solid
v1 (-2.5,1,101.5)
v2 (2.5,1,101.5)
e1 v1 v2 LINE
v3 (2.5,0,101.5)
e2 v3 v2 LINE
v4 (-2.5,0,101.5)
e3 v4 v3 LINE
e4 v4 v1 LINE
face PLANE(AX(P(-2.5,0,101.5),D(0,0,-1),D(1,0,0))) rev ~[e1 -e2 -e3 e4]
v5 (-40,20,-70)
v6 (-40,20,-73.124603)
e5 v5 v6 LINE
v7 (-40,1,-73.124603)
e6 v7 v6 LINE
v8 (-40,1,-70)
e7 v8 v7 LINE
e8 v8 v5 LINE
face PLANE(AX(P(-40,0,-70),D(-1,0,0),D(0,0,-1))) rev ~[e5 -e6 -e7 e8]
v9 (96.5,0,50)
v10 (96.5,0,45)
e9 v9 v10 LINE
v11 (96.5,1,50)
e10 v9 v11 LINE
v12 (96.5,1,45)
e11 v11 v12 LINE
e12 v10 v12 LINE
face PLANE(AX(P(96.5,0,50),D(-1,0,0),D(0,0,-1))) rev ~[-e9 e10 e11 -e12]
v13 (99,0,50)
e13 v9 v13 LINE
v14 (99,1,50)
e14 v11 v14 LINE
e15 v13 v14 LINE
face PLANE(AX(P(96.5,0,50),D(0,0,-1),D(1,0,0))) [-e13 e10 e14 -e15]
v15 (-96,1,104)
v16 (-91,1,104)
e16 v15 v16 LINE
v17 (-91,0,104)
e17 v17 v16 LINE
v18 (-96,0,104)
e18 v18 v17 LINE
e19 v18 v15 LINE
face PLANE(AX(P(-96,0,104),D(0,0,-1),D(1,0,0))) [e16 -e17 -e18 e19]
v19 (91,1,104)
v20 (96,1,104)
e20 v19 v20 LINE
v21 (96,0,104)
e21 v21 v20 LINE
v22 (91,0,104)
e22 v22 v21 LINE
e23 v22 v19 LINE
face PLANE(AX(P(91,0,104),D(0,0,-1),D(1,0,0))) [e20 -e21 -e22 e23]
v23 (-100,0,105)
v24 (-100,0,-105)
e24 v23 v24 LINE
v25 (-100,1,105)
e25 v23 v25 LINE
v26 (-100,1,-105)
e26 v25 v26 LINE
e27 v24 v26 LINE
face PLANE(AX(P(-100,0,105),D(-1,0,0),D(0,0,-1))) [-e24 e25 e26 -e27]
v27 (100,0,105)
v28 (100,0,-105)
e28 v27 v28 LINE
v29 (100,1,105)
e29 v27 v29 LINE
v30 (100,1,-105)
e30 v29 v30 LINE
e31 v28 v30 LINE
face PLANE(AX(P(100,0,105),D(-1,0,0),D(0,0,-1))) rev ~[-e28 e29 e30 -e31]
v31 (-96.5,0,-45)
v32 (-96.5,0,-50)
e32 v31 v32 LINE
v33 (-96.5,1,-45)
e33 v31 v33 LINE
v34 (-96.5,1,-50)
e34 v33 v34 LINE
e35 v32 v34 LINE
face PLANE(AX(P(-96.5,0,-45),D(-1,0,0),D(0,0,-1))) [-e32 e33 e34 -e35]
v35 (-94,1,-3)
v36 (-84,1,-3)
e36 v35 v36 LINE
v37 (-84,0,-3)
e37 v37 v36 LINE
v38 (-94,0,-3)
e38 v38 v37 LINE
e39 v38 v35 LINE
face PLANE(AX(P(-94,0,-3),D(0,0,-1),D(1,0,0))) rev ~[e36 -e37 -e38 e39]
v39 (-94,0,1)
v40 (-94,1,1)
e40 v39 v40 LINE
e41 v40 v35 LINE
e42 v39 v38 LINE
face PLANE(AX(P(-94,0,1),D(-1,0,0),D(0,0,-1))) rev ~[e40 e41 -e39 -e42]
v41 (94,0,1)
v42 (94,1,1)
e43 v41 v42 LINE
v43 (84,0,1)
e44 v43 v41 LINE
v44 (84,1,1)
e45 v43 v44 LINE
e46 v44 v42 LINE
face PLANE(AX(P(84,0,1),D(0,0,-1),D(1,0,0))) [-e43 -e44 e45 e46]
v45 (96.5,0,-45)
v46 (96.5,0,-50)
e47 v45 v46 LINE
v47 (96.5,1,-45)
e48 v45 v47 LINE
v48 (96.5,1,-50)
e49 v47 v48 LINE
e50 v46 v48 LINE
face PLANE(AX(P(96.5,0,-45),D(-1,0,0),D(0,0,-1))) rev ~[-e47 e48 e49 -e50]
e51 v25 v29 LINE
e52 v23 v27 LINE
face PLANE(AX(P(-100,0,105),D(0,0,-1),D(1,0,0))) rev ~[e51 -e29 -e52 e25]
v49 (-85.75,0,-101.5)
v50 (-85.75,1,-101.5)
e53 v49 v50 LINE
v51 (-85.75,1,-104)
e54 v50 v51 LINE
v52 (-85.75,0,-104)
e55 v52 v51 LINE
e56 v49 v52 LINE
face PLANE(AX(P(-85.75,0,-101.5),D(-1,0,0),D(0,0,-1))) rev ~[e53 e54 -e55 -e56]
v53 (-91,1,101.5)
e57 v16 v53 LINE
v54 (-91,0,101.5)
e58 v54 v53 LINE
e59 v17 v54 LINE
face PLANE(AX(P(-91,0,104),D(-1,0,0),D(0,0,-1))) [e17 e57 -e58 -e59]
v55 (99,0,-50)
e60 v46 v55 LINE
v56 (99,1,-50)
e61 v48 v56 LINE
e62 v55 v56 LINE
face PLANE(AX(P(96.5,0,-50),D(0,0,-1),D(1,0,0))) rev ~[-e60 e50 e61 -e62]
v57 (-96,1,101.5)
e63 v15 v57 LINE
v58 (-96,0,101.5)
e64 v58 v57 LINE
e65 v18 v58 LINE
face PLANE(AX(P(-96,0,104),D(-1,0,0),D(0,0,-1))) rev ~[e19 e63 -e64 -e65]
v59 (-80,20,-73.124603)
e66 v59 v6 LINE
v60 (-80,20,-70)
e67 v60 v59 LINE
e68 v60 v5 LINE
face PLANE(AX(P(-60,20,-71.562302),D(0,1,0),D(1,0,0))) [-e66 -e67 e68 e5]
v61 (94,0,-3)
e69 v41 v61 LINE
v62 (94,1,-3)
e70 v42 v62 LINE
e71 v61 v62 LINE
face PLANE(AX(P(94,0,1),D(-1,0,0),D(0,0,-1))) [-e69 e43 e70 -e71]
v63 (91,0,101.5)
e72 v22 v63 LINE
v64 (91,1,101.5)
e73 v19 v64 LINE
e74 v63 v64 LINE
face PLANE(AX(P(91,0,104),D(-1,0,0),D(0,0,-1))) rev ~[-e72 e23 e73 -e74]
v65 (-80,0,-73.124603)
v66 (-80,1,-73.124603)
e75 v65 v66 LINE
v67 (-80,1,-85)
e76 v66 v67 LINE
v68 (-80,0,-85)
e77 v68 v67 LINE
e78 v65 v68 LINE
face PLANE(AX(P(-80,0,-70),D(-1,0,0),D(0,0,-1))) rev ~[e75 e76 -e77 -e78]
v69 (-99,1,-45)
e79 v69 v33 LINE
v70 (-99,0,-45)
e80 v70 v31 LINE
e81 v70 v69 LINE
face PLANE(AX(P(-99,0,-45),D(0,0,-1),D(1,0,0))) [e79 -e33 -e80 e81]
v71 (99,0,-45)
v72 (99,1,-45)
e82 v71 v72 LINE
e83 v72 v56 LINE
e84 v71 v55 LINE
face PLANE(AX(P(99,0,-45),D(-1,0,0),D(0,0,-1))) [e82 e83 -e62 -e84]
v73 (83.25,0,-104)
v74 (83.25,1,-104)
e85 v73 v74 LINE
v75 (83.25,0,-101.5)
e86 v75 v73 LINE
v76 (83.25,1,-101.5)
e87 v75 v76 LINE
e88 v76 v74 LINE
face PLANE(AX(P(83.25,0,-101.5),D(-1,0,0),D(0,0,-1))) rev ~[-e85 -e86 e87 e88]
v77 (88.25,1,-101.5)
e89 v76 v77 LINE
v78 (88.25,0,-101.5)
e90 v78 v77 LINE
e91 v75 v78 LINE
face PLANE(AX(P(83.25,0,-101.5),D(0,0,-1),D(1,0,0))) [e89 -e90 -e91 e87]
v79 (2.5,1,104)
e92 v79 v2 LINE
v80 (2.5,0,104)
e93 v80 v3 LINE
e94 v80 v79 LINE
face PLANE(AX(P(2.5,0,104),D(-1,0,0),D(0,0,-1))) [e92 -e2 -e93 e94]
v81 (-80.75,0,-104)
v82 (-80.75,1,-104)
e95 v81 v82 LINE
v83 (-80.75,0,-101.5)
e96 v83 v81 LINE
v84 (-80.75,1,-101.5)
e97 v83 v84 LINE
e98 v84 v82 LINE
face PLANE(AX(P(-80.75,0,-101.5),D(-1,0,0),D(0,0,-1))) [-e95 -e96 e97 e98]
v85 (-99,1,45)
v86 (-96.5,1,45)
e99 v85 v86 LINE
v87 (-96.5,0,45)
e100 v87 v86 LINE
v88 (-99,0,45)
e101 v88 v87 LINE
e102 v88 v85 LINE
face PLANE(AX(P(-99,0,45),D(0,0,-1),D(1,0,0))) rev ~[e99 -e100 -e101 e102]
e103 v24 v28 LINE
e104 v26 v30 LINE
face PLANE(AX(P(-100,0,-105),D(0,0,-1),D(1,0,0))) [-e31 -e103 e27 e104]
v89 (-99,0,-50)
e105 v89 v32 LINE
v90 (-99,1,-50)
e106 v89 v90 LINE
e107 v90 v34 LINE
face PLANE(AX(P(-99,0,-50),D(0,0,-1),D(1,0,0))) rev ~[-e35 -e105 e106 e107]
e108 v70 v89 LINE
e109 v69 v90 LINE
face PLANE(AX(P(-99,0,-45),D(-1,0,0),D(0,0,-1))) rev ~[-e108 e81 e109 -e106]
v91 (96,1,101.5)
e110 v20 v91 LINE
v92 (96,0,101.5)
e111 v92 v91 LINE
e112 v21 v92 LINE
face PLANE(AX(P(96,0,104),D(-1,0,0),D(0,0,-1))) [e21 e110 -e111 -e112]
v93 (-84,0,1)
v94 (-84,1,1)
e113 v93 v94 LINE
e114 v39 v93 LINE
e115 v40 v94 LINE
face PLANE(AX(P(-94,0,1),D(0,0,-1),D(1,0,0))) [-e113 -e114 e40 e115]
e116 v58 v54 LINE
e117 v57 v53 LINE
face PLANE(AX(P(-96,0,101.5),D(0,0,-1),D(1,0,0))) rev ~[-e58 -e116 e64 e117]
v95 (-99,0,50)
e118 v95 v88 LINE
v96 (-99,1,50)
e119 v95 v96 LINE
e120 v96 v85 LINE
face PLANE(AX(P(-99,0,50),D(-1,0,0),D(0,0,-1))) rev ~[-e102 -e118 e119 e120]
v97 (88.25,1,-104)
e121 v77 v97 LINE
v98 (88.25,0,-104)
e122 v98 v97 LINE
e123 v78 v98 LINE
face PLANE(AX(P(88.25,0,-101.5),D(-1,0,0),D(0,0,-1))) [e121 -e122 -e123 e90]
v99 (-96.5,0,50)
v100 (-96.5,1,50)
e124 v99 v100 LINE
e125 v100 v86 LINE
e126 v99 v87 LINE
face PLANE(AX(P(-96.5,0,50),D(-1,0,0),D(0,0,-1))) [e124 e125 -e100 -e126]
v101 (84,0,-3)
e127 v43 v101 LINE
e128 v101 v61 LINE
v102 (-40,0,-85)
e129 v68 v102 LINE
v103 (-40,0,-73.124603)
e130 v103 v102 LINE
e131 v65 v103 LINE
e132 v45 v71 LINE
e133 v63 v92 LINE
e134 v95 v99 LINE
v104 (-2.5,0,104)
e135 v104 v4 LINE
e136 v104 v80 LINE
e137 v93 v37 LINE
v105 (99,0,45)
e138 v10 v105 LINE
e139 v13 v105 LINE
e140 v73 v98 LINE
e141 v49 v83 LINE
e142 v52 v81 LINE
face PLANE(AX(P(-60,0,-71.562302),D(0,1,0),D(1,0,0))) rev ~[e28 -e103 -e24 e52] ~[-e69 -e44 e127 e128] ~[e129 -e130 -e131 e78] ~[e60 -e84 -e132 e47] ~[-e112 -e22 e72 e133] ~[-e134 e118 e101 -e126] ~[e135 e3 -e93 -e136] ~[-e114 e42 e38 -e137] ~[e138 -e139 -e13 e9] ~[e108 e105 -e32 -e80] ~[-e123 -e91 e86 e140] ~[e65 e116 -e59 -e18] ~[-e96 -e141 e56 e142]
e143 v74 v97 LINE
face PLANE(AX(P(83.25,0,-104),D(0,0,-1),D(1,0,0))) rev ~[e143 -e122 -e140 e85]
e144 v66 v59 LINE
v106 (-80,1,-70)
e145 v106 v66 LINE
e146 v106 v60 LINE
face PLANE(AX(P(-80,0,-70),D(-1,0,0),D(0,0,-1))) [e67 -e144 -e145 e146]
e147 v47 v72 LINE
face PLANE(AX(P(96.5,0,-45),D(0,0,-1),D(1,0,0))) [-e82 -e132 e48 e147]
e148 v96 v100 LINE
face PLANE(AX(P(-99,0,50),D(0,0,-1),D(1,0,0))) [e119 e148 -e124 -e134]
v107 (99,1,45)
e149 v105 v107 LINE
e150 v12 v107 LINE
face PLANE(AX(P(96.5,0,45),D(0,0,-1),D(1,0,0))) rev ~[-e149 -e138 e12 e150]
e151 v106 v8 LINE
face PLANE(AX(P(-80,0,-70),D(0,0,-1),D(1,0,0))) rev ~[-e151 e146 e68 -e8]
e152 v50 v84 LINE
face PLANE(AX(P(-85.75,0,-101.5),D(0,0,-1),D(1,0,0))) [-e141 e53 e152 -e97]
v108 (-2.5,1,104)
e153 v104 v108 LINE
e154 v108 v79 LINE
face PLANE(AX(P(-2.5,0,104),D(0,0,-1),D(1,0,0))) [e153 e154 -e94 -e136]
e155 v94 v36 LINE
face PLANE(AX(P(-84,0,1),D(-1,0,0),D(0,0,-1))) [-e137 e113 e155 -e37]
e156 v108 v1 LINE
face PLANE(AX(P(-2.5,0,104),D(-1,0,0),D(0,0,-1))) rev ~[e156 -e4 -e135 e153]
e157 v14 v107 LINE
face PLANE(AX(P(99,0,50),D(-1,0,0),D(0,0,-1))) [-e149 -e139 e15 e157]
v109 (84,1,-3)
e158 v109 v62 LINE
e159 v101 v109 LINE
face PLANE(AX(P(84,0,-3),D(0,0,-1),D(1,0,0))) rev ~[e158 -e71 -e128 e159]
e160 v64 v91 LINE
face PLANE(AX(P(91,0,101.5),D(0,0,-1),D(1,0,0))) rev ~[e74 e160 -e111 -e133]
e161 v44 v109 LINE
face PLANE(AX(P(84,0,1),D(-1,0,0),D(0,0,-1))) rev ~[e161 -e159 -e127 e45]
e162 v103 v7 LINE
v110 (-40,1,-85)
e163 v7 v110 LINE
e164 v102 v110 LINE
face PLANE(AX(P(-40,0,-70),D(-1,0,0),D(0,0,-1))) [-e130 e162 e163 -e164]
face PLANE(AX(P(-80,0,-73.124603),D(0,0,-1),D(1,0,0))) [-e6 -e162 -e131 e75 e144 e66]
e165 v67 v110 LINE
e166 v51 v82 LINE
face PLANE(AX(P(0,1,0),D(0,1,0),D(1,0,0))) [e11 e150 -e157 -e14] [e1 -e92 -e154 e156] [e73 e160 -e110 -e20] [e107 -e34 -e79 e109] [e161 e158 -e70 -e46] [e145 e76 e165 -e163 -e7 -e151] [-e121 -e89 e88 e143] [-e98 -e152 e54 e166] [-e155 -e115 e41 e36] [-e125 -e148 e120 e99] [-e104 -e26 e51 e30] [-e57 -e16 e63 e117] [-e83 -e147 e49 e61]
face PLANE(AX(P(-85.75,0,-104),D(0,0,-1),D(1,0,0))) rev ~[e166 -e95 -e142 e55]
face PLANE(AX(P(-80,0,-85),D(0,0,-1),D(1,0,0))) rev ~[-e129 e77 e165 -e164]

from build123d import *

# Parameters (mm, degrees)
SKETCH1_W           = 200
SKETCH1_H           = 210
SKETCH1_W_2         = 5
SKETCH1_H_2         = 2.5
SKETCH1_W_3         = 2.5
SKETCH1_H_3         = 5
SKETCH1_W_4         = 10
SKETCH1_H_4         = 4
MAINBODY_DEPTH      = 1
SKETCH1_8_W         = 40
SKETCH1_8_H         = 3.124603495
BOSS_EXTRUDE1_DEPTH = 20


with BuildPart() as part:
    # Sketch1 → MainBody (new body)
    with BuildSketch(Plane(origin=(0, 0, 0), x_dir=(1, 0, 0), z_dir=(0, 1, 0))):
        Rectangle(SKETCH1_W, SKETCH1_H)
        with Locations((-93.5, -102.75)):
            Rectangle(SKETCH1_W_2, SKETCH1_H_2, mode=Mode.SUBTRACT)
        with Locations((-97.75, -47.5)):
            Rectangle(SKETCH1_W_3, SKETCH1_H_3, mode=Mode.SUBTRACT)
        with Locations((0, -102.75)):
            Rectangle(SKETCH1_W_2, SKETCH1_H_2, mode=Mode.SUBTRACT)
        with Locations((93.5, -102.75)):
            Rectangle(SKETCH1_W_2, SKETCH1_H_2, mode=Mode.SUBTRACT)
        with Locations((97.75, -47.5)):
            Rectangle(SKETCH1_W_3, SKETCH1_H_3, mode=Mode.SUBTRACT)
        with Locations((-89, 1)):
            Rectangle(SKETCH1_W_4, SKETCH1_H_4, mode=Mode.SUBTRACT)
        with Locations((-97.75, 47.5)):
            Rectangle(SKETCH1_W_3, SKETCH1_H_3, mode=Mode.SUBTRACT)
        Polygon((-80, 70), (-80, 73.124603495), (-80, 85), (-40, 85), (-40, 73.124603495), (-40, 70), align=None, mode=Mode.SUBTRACT)
        with Locations((-83.25, 102.75)):
            Rectangle(SKETCH1_W_2, SKETCH1_H_2, mode=Mode.SUBTRACT)
        with Locations((89, 1)):
            Rectangle(SKETCH1_W_4, SKETCH1_H_4, mode=Mode.SUBTRACT)
        with Locations((97.75, 47.5)):
            Rectangle(SKETCH1_W_3, SKETCH1_H_3, mode=Mode.SUBTRACT)
        with Locations((85.75, 102.75)):
            Rectangle(SKETCH1_W_2, SKETCH1_H_2, mode=Mode.SUBTRACT)
    extrude(amount=MAINBODY_DEPTH)

    # Sketch1<8> → Boss-Extrude1 (add)
    with BuildSketch(Plane(origin=(0, 0, 0), x_dir=(1, 0, 0), z_dir=(0, 1, 0))):
        with Locations((-60, 71.562301748)):
            Rectangle(SKETCH1_8_W, SKETCH1_8_H)
    extrude(amount=BOSS_EXTRUDE1_DEPTH)


solid = part.part
